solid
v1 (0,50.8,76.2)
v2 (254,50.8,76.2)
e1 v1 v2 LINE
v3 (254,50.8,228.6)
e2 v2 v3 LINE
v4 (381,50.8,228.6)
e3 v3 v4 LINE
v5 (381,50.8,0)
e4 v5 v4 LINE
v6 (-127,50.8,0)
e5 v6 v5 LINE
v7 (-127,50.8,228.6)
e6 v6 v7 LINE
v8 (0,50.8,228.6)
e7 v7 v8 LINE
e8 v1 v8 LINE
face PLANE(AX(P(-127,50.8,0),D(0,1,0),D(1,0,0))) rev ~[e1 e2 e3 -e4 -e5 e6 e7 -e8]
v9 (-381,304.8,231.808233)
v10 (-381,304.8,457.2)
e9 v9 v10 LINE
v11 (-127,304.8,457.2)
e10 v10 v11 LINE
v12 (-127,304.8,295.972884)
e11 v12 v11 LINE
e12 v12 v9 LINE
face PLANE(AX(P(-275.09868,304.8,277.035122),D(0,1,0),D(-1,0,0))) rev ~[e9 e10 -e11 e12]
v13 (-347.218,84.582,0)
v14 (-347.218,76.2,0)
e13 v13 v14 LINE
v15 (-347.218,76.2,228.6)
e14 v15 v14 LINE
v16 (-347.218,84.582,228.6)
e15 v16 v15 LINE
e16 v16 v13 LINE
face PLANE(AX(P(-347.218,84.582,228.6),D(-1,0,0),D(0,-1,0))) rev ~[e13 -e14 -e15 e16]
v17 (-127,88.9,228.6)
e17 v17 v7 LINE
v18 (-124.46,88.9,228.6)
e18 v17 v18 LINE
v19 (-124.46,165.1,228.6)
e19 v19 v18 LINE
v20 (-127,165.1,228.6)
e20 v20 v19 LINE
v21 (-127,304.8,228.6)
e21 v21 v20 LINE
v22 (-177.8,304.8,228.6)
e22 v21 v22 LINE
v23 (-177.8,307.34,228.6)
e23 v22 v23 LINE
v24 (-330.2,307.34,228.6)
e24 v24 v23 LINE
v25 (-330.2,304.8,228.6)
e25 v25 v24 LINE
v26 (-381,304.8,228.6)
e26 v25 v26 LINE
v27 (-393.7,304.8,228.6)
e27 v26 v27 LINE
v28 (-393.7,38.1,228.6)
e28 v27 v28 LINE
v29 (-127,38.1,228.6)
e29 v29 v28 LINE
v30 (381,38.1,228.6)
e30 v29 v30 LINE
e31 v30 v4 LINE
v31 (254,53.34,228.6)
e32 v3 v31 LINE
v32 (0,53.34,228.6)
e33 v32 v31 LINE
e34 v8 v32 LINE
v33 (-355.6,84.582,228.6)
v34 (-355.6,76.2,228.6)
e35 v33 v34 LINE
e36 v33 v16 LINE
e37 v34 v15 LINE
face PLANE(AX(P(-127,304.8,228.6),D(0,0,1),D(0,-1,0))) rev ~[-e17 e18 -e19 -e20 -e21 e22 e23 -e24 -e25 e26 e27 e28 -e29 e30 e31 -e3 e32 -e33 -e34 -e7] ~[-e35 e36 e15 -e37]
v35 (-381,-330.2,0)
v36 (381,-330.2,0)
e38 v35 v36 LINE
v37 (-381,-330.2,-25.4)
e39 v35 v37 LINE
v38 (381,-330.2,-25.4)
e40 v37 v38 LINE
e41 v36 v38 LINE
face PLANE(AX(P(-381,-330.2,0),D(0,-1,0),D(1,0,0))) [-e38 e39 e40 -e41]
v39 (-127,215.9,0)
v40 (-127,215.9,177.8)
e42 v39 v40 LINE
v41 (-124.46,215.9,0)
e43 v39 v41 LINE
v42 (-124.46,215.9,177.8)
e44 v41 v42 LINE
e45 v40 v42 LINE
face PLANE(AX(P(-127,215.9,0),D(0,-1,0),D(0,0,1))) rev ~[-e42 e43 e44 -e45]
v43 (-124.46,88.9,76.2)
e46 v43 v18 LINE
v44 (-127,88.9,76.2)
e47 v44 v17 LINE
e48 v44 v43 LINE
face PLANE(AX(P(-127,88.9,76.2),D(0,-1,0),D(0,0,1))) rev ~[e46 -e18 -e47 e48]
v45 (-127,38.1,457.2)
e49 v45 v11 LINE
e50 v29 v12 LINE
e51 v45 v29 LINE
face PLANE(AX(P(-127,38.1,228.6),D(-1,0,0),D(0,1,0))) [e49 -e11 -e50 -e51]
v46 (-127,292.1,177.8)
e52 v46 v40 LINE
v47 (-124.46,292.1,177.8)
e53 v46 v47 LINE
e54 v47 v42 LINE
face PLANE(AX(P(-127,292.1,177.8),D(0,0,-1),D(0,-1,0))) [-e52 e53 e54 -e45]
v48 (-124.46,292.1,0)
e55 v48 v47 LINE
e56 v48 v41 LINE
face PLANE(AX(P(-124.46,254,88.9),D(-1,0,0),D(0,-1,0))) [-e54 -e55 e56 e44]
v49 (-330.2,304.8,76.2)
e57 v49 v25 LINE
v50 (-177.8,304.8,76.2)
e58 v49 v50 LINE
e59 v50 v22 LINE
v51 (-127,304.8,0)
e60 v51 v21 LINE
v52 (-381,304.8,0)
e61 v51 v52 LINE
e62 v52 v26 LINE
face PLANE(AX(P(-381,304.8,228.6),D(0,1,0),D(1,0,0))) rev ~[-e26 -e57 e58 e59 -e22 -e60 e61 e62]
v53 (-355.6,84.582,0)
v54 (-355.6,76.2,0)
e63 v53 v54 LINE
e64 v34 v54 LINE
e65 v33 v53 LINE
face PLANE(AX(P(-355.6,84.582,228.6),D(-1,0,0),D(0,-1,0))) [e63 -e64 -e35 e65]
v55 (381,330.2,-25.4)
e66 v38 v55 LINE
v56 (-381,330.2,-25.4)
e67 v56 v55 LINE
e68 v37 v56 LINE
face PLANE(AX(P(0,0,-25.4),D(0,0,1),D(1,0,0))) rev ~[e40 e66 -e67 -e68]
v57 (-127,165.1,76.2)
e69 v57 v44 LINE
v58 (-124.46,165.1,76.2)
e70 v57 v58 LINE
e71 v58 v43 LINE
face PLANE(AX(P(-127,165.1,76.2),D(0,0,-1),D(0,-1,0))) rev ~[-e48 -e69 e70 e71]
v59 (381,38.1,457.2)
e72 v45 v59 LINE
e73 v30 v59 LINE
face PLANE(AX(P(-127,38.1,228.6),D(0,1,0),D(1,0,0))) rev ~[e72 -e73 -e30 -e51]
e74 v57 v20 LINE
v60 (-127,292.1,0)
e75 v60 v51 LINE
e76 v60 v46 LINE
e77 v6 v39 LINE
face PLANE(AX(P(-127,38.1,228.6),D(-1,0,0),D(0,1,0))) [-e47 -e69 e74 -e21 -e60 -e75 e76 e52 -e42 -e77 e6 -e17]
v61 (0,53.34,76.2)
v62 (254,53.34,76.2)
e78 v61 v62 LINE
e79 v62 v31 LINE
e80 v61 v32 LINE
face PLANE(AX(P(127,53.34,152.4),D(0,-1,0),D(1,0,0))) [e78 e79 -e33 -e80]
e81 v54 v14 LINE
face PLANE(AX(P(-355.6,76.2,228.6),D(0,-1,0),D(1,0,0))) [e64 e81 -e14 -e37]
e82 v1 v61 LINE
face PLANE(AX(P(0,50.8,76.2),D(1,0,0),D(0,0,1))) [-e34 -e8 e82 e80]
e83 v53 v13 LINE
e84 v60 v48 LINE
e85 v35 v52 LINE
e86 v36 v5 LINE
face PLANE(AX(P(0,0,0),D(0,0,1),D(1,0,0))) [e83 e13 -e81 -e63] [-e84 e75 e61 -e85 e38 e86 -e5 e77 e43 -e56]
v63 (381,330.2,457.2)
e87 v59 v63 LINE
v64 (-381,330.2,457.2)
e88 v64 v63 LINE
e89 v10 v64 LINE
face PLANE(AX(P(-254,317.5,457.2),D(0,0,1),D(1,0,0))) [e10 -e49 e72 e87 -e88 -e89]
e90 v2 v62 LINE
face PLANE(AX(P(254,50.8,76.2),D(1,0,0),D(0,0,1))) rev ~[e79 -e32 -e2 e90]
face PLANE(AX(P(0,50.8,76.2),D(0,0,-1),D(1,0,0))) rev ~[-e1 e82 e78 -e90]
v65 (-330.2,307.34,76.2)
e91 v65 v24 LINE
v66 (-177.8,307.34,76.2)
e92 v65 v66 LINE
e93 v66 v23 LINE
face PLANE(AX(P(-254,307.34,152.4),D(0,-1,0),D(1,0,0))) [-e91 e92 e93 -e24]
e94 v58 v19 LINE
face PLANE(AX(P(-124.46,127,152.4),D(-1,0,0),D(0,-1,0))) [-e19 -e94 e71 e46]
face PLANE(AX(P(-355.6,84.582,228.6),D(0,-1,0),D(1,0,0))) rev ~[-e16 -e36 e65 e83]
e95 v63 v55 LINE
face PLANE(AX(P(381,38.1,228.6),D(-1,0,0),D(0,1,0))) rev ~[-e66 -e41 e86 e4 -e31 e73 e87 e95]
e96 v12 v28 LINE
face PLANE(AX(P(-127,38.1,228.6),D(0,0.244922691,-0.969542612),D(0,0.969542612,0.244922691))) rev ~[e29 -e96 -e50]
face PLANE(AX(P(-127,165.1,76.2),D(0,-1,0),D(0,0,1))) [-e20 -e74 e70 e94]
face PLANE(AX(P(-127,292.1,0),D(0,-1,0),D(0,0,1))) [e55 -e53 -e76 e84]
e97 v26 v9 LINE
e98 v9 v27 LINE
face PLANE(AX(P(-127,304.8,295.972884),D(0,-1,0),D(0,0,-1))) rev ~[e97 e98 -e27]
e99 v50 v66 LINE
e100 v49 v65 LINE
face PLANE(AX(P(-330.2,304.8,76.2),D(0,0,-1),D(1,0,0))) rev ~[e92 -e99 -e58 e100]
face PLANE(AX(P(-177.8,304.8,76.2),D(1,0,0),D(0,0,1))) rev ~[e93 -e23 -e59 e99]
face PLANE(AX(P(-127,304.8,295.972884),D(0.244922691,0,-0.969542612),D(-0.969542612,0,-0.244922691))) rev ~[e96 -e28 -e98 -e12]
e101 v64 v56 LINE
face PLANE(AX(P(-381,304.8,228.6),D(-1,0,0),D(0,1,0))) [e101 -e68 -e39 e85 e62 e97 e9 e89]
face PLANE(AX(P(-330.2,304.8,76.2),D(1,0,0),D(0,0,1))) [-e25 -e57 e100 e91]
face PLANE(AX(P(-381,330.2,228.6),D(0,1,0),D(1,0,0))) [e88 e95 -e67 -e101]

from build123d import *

# Parameters (mm, degrees)
F0_W      = 762
F0_H      = 660.4
F1_DEPTH  = 25.4
F2_W      = 508
F2_H      = 279.4
F3_DEPTH  = 228.6
F4_W      = 254
F4_H      = 152.4
F5_DEPTH  = 2.54
F6_W      = 254
F6_H      = 228.6
F7_DEPTH  = 25.4
F8_W      = 76.2
F8_H      = 152.4
F8_H_2    = 177.8
F9_DEPTH  = 2.54
F11_W     = 152.4
F11_H     = 152.4
F12_DEPTH = 2.54
F13_W     = 508
F13_H     = 292.1
F14_DEPTH = 228.6
F16_W     = 254
F16_H     = 25.4
F17_DEPTH = 228.6
F18_DEPTH = 266.7
F20_DEPTH = 266.701
F21_W     = 8.382
F21_H     = 8.382
F22_DEPTH = 228.6


with BuildPart() as f1:
    # F0 (on Top) → F1 (new body)
    with BuildSketch(Plane.XY):
        Rectangle(F0_W, F0_H)
    extrude(amount=-F1_DEPTH)

    # F2 (on face) → F3 (join)
    with BuildSketch(Plane.XY):
        with Locations((127, 190.5)):
            Rectangle(F2_W, F2_H)
    extrude(amount=F3_DEPTH)

    # F4 (on face) → F5 (cut)
    with BuildSketch(Plane.XZ.offset(-50.8)):
        with Locations((127, 152.4)):
            Rectangle(F4_W, F4_H)
    extrude(amount=-F5_DEPTH, mode=Mode.SUBTRACT)

    # F8 (on face) → F9 (cut)
    with BuildSketch(Plane(origin=(-127, 0, 0), x_dir=(0, -1, 0), z_dir=(-1, 0, 0))):
        with Locations((-127, 152.4)):
            Rectangle(F8_W, F8_H)
        with Locations((-254, 88.9)):
            Rectangle(F8_W, F8_H_2)
    extrude(amount=-F9_DEPTH, mode=Mode.SUBTRACT)


with BuildPart() as f7:
    # F6 (on face) → F7 (new body)
    with BuildSketch(Plane(origin=(0, 330.2, 0), x_dir=(-1, 0, 0), z_dir=(0, 1, 0))):
        with Locations((254, 114.3)):
            Rectangle(F6_W, F6_H)
    extrude(amount=-F7_DEPTH)

    # F10: union F1
    add(f1.part)

    # F11 (on face) → F12 (cut)
    with BuildSketch(Plane.XZ.offset(-304.8)):
        with Locations((-254, 152.4)):
            Rectangle(F11_W, F11_H)
    extrude(amount=-F12_DEPTH, mode=Mode.SUBTRACT)

    # F13 (on face) → F14 (join)
    with BuildSketch(Plane.XY.offset(228.6)):
        with Locations((127, 184.15)):
            Rectangle(F13_W, F13_H)
    extrude(amount=F14_DEPTH)

    # F16 (on face) → F17 (join)
    with BuildSketch(Plane.XY.offset(228.6)):
        with Locations((-254, 317.5)):
            Rectangle(F16_W, F16_H)
    extrude(amount=F17_DEPTH)

    # F15 (on face) → F18 (join)
    with BuildSketch(Plane(origin=(-127, 0, 0), x_dir=(0, -1, 0), z_dir=(-1, 0, 0))):
        Polygon((-304.8, 295.9728837013), (-304.8, 228.6), (-38.1, 228.6), align=None)
    extrude(amount=F18_DEPTH)

    # F19 (on face) → F20 (cut, through all)
    with BuildSketch(Plane(origin=(0, 304.8, 0), x_dir=(-1, 0, 0), z_dir=(0, 1, 0))):
        Polygon((127, 295.9728837013), (393.7, 228.6), (393.7, 295.9728837013), align=None)
    extrude(amount=-F20_DEPTH, mode=Mode.SUBTRACT)

    # F21 (on face) → F22 (join)
    with BuildSketch(Plane(origin=(0, 0, 228.6), x_dir=(1, 0, 0), z_dir=(0, 0, -1))):
        with Locations((-351.409, -80.391)):
            Rectangle(F21_W, F21_H)
    extrude(amount=F22_DEPTH)


solid = f7.part
